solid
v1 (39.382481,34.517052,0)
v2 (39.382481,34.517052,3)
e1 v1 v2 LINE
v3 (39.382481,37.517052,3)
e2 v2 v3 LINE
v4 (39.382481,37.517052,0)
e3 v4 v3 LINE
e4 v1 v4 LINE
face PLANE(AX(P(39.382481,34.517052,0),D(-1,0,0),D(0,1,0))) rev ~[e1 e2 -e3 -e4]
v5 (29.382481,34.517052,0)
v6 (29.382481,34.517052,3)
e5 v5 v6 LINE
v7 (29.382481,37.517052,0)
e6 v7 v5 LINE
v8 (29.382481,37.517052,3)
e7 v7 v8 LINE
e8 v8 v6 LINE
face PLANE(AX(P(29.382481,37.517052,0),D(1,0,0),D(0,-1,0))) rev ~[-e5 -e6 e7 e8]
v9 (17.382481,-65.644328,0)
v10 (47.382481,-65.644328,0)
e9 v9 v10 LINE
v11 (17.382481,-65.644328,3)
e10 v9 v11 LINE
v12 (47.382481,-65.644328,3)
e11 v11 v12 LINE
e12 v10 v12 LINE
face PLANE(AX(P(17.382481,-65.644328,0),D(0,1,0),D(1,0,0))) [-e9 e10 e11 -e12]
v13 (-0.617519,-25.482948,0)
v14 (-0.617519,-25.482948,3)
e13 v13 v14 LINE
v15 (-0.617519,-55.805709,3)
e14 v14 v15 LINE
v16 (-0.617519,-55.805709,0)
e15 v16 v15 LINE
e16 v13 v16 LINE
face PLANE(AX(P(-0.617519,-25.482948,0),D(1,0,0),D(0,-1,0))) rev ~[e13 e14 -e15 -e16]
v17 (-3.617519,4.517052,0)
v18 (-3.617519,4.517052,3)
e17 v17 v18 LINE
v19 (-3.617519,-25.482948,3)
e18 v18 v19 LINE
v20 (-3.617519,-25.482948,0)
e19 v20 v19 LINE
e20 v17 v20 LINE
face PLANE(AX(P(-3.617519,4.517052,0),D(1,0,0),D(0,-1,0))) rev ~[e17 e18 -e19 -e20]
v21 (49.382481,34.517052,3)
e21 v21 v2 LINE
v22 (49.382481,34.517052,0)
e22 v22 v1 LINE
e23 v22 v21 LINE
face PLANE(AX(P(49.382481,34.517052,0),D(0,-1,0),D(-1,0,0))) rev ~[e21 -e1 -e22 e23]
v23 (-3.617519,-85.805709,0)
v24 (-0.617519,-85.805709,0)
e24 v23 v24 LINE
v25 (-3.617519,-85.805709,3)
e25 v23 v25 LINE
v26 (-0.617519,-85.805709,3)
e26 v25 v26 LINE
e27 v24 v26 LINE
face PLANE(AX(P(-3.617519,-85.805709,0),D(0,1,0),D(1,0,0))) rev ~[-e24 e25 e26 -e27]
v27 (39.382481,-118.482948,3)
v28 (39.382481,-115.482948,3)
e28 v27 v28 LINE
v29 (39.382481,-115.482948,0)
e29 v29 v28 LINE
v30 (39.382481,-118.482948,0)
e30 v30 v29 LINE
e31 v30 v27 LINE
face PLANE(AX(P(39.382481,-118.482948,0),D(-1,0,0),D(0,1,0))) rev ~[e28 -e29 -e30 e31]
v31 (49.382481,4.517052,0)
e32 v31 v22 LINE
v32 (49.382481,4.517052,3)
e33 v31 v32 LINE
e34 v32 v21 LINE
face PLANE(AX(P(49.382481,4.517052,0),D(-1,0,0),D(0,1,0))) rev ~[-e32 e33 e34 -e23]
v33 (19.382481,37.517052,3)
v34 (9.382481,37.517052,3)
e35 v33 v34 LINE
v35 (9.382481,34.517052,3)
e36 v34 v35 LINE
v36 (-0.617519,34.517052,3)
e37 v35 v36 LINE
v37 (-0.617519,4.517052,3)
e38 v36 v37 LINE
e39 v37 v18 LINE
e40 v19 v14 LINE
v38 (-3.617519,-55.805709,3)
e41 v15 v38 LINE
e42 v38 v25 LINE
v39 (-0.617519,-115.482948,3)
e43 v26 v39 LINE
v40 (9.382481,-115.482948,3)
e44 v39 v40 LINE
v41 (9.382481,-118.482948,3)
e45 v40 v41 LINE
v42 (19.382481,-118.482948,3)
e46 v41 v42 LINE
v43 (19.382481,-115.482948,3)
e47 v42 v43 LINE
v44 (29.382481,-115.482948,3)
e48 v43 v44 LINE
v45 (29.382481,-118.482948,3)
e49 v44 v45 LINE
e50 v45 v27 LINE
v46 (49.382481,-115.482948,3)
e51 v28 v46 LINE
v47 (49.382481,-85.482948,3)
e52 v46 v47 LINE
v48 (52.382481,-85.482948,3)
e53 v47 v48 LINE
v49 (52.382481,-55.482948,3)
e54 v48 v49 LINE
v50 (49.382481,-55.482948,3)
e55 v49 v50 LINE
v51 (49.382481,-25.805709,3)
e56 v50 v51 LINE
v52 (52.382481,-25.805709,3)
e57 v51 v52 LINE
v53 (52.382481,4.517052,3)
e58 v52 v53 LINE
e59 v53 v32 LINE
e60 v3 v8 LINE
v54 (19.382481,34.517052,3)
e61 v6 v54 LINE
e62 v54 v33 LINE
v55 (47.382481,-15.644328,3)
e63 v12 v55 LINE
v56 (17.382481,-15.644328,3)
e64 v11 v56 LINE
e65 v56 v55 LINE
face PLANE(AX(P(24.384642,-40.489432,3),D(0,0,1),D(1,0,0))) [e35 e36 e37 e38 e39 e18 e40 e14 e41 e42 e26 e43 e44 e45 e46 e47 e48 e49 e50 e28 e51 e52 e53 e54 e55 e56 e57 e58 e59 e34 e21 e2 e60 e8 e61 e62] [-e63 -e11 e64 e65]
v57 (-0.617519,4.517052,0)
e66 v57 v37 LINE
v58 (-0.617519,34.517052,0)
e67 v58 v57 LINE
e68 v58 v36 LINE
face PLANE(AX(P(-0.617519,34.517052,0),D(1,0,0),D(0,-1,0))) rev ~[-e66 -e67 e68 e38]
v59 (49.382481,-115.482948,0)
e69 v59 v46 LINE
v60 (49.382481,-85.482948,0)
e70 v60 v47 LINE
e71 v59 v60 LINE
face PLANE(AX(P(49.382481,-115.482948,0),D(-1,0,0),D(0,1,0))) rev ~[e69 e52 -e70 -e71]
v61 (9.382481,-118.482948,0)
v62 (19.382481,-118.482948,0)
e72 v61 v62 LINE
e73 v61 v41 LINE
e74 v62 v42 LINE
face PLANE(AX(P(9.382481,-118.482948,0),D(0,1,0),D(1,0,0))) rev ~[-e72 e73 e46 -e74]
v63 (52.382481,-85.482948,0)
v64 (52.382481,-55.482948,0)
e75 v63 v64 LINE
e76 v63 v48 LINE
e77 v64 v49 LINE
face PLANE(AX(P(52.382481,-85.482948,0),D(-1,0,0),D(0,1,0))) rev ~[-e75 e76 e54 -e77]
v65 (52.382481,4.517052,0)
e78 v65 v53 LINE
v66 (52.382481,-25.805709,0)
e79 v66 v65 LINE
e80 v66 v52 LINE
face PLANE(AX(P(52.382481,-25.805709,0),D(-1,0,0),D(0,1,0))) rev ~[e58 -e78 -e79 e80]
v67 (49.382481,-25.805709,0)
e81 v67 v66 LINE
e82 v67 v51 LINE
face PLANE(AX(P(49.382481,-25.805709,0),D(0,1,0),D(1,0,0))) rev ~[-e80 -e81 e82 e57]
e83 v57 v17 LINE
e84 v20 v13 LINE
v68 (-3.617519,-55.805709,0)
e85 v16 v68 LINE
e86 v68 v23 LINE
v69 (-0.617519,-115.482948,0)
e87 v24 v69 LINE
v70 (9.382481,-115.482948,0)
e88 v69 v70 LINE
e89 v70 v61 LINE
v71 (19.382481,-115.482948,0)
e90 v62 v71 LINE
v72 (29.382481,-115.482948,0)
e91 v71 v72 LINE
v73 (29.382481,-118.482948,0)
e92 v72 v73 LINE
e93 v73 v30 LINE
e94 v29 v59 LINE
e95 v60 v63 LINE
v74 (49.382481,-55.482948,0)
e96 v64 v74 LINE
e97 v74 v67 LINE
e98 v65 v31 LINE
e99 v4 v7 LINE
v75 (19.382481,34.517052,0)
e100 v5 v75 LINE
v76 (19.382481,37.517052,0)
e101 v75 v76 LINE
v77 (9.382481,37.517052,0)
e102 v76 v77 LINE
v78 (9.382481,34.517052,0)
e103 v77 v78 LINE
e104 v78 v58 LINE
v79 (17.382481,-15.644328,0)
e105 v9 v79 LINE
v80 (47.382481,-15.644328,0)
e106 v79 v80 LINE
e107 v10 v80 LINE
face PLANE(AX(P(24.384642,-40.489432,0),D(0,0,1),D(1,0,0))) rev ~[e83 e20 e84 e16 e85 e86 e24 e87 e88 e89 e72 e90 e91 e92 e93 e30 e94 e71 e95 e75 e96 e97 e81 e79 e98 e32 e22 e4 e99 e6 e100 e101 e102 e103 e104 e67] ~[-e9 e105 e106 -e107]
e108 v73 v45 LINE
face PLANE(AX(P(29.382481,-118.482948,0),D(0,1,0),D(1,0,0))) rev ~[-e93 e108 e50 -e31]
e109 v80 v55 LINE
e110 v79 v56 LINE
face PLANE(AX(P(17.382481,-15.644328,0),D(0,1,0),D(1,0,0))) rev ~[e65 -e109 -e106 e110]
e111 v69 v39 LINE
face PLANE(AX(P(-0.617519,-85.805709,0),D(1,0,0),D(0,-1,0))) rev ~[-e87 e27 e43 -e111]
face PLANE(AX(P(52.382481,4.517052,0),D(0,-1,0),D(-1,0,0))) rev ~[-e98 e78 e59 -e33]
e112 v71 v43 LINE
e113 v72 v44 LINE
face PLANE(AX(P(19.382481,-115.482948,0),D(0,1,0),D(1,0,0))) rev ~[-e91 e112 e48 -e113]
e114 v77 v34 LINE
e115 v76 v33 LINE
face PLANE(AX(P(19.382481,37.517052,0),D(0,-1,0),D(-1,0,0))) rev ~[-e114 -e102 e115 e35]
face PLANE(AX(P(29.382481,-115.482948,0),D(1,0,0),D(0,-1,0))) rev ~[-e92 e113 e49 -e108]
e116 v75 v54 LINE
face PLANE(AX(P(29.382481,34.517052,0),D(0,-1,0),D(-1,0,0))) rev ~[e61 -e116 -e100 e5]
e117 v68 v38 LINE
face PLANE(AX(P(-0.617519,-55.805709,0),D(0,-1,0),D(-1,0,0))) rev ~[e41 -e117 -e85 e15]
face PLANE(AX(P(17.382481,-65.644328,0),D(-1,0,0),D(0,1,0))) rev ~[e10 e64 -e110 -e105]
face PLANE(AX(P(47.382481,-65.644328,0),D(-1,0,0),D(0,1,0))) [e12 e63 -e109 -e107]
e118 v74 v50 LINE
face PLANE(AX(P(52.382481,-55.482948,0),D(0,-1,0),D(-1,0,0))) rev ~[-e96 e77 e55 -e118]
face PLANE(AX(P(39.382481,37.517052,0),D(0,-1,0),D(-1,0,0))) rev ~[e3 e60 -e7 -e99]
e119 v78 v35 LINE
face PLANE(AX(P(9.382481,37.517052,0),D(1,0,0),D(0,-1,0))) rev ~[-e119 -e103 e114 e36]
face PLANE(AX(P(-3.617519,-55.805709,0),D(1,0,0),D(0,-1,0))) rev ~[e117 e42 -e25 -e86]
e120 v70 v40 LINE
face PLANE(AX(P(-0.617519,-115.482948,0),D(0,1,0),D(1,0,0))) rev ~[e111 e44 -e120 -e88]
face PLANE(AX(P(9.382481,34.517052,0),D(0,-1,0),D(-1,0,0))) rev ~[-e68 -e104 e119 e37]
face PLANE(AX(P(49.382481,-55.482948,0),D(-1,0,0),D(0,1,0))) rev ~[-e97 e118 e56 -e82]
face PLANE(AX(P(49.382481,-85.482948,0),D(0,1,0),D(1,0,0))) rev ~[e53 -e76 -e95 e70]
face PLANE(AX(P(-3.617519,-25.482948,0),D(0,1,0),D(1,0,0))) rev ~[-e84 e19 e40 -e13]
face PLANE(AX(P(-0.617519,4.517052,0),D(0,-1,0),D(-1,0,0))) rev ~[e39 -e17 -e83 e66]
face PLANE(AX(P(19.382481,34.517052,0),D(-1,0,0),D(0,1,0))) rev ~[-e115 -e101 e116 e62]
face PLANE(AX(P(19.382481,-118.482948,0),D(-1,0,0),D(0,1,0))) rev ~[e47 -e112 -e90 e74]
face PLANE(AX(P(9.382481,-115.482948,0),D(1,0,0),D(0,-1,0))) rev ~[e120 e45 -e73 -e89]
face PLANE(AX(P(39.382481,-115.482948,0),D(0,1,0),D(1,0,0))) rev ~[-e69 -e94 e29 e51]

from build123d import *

# Parameters (mm, degrees)
ESBO_O1_W                = 30
ESBO_O1_H                = 50
RESSALTO_EXTRUS_O1_DEPTH = 3


with BuildPart() as part:
    # Esboço1 → Ressalto-extrusão1 (new body)
    with BuildSketch(Plane.XY):
        Polygon((-0.617519042, -25.482947615), (-0.617519042, -55.805708704), (-3.617519042, -55.805708704), (-3.617519042, -85.805708704), (-0.617519042, -85.805708704), (-0.617519042, -115.482947615), (9.382480958, -115.482947615), (9.382480958, -118.482947615), (19.382480958, -118.482947615), (19.382480958, -115.482947615), (29.382480958, -115.482947615), (29.382480958, -118.482947615), (39.382480958, -118.482947615), (39.382480958, -115.482947615), (49.382480958, -115.482947615), (49.382480958, -85.482947615), (52.382480958, -85.482947615), (52.382480958, -55.482947615), (49.382480958, -55.482947615), (49.382480958, -25.805708704), (52.382480958, -25.805708704), (52.382480958, 4.517052385), (49.382480958, 4.517052385), (49.382480958, 34.517052385), (39.382480958, 34.517052385), (39.382480958, 37.517052385), (29.382480958, 37.517052385), (29.382480958, 34.517052385), (19.382480958, 34.517052385), (19.382480958, 37.517052385), (9.382480958, 37.517052385), (9.382480958, 34.517052385), (-0.617519042, 34.517052385), (-0.617519042, 4.517052385), (-3.617519042, 4.517052385), (-3.617519042, -25.482947615), align=None)
        with Locations((32.382480958, -40.64432816)):
            Rectangle(ESBO_O1_W, ESBO_O1_H, mode=Mode.SUBTRACT)
    extrude(amount=RESSALTO_EXTRUS_O1_DEPTH)


solid = part.part
